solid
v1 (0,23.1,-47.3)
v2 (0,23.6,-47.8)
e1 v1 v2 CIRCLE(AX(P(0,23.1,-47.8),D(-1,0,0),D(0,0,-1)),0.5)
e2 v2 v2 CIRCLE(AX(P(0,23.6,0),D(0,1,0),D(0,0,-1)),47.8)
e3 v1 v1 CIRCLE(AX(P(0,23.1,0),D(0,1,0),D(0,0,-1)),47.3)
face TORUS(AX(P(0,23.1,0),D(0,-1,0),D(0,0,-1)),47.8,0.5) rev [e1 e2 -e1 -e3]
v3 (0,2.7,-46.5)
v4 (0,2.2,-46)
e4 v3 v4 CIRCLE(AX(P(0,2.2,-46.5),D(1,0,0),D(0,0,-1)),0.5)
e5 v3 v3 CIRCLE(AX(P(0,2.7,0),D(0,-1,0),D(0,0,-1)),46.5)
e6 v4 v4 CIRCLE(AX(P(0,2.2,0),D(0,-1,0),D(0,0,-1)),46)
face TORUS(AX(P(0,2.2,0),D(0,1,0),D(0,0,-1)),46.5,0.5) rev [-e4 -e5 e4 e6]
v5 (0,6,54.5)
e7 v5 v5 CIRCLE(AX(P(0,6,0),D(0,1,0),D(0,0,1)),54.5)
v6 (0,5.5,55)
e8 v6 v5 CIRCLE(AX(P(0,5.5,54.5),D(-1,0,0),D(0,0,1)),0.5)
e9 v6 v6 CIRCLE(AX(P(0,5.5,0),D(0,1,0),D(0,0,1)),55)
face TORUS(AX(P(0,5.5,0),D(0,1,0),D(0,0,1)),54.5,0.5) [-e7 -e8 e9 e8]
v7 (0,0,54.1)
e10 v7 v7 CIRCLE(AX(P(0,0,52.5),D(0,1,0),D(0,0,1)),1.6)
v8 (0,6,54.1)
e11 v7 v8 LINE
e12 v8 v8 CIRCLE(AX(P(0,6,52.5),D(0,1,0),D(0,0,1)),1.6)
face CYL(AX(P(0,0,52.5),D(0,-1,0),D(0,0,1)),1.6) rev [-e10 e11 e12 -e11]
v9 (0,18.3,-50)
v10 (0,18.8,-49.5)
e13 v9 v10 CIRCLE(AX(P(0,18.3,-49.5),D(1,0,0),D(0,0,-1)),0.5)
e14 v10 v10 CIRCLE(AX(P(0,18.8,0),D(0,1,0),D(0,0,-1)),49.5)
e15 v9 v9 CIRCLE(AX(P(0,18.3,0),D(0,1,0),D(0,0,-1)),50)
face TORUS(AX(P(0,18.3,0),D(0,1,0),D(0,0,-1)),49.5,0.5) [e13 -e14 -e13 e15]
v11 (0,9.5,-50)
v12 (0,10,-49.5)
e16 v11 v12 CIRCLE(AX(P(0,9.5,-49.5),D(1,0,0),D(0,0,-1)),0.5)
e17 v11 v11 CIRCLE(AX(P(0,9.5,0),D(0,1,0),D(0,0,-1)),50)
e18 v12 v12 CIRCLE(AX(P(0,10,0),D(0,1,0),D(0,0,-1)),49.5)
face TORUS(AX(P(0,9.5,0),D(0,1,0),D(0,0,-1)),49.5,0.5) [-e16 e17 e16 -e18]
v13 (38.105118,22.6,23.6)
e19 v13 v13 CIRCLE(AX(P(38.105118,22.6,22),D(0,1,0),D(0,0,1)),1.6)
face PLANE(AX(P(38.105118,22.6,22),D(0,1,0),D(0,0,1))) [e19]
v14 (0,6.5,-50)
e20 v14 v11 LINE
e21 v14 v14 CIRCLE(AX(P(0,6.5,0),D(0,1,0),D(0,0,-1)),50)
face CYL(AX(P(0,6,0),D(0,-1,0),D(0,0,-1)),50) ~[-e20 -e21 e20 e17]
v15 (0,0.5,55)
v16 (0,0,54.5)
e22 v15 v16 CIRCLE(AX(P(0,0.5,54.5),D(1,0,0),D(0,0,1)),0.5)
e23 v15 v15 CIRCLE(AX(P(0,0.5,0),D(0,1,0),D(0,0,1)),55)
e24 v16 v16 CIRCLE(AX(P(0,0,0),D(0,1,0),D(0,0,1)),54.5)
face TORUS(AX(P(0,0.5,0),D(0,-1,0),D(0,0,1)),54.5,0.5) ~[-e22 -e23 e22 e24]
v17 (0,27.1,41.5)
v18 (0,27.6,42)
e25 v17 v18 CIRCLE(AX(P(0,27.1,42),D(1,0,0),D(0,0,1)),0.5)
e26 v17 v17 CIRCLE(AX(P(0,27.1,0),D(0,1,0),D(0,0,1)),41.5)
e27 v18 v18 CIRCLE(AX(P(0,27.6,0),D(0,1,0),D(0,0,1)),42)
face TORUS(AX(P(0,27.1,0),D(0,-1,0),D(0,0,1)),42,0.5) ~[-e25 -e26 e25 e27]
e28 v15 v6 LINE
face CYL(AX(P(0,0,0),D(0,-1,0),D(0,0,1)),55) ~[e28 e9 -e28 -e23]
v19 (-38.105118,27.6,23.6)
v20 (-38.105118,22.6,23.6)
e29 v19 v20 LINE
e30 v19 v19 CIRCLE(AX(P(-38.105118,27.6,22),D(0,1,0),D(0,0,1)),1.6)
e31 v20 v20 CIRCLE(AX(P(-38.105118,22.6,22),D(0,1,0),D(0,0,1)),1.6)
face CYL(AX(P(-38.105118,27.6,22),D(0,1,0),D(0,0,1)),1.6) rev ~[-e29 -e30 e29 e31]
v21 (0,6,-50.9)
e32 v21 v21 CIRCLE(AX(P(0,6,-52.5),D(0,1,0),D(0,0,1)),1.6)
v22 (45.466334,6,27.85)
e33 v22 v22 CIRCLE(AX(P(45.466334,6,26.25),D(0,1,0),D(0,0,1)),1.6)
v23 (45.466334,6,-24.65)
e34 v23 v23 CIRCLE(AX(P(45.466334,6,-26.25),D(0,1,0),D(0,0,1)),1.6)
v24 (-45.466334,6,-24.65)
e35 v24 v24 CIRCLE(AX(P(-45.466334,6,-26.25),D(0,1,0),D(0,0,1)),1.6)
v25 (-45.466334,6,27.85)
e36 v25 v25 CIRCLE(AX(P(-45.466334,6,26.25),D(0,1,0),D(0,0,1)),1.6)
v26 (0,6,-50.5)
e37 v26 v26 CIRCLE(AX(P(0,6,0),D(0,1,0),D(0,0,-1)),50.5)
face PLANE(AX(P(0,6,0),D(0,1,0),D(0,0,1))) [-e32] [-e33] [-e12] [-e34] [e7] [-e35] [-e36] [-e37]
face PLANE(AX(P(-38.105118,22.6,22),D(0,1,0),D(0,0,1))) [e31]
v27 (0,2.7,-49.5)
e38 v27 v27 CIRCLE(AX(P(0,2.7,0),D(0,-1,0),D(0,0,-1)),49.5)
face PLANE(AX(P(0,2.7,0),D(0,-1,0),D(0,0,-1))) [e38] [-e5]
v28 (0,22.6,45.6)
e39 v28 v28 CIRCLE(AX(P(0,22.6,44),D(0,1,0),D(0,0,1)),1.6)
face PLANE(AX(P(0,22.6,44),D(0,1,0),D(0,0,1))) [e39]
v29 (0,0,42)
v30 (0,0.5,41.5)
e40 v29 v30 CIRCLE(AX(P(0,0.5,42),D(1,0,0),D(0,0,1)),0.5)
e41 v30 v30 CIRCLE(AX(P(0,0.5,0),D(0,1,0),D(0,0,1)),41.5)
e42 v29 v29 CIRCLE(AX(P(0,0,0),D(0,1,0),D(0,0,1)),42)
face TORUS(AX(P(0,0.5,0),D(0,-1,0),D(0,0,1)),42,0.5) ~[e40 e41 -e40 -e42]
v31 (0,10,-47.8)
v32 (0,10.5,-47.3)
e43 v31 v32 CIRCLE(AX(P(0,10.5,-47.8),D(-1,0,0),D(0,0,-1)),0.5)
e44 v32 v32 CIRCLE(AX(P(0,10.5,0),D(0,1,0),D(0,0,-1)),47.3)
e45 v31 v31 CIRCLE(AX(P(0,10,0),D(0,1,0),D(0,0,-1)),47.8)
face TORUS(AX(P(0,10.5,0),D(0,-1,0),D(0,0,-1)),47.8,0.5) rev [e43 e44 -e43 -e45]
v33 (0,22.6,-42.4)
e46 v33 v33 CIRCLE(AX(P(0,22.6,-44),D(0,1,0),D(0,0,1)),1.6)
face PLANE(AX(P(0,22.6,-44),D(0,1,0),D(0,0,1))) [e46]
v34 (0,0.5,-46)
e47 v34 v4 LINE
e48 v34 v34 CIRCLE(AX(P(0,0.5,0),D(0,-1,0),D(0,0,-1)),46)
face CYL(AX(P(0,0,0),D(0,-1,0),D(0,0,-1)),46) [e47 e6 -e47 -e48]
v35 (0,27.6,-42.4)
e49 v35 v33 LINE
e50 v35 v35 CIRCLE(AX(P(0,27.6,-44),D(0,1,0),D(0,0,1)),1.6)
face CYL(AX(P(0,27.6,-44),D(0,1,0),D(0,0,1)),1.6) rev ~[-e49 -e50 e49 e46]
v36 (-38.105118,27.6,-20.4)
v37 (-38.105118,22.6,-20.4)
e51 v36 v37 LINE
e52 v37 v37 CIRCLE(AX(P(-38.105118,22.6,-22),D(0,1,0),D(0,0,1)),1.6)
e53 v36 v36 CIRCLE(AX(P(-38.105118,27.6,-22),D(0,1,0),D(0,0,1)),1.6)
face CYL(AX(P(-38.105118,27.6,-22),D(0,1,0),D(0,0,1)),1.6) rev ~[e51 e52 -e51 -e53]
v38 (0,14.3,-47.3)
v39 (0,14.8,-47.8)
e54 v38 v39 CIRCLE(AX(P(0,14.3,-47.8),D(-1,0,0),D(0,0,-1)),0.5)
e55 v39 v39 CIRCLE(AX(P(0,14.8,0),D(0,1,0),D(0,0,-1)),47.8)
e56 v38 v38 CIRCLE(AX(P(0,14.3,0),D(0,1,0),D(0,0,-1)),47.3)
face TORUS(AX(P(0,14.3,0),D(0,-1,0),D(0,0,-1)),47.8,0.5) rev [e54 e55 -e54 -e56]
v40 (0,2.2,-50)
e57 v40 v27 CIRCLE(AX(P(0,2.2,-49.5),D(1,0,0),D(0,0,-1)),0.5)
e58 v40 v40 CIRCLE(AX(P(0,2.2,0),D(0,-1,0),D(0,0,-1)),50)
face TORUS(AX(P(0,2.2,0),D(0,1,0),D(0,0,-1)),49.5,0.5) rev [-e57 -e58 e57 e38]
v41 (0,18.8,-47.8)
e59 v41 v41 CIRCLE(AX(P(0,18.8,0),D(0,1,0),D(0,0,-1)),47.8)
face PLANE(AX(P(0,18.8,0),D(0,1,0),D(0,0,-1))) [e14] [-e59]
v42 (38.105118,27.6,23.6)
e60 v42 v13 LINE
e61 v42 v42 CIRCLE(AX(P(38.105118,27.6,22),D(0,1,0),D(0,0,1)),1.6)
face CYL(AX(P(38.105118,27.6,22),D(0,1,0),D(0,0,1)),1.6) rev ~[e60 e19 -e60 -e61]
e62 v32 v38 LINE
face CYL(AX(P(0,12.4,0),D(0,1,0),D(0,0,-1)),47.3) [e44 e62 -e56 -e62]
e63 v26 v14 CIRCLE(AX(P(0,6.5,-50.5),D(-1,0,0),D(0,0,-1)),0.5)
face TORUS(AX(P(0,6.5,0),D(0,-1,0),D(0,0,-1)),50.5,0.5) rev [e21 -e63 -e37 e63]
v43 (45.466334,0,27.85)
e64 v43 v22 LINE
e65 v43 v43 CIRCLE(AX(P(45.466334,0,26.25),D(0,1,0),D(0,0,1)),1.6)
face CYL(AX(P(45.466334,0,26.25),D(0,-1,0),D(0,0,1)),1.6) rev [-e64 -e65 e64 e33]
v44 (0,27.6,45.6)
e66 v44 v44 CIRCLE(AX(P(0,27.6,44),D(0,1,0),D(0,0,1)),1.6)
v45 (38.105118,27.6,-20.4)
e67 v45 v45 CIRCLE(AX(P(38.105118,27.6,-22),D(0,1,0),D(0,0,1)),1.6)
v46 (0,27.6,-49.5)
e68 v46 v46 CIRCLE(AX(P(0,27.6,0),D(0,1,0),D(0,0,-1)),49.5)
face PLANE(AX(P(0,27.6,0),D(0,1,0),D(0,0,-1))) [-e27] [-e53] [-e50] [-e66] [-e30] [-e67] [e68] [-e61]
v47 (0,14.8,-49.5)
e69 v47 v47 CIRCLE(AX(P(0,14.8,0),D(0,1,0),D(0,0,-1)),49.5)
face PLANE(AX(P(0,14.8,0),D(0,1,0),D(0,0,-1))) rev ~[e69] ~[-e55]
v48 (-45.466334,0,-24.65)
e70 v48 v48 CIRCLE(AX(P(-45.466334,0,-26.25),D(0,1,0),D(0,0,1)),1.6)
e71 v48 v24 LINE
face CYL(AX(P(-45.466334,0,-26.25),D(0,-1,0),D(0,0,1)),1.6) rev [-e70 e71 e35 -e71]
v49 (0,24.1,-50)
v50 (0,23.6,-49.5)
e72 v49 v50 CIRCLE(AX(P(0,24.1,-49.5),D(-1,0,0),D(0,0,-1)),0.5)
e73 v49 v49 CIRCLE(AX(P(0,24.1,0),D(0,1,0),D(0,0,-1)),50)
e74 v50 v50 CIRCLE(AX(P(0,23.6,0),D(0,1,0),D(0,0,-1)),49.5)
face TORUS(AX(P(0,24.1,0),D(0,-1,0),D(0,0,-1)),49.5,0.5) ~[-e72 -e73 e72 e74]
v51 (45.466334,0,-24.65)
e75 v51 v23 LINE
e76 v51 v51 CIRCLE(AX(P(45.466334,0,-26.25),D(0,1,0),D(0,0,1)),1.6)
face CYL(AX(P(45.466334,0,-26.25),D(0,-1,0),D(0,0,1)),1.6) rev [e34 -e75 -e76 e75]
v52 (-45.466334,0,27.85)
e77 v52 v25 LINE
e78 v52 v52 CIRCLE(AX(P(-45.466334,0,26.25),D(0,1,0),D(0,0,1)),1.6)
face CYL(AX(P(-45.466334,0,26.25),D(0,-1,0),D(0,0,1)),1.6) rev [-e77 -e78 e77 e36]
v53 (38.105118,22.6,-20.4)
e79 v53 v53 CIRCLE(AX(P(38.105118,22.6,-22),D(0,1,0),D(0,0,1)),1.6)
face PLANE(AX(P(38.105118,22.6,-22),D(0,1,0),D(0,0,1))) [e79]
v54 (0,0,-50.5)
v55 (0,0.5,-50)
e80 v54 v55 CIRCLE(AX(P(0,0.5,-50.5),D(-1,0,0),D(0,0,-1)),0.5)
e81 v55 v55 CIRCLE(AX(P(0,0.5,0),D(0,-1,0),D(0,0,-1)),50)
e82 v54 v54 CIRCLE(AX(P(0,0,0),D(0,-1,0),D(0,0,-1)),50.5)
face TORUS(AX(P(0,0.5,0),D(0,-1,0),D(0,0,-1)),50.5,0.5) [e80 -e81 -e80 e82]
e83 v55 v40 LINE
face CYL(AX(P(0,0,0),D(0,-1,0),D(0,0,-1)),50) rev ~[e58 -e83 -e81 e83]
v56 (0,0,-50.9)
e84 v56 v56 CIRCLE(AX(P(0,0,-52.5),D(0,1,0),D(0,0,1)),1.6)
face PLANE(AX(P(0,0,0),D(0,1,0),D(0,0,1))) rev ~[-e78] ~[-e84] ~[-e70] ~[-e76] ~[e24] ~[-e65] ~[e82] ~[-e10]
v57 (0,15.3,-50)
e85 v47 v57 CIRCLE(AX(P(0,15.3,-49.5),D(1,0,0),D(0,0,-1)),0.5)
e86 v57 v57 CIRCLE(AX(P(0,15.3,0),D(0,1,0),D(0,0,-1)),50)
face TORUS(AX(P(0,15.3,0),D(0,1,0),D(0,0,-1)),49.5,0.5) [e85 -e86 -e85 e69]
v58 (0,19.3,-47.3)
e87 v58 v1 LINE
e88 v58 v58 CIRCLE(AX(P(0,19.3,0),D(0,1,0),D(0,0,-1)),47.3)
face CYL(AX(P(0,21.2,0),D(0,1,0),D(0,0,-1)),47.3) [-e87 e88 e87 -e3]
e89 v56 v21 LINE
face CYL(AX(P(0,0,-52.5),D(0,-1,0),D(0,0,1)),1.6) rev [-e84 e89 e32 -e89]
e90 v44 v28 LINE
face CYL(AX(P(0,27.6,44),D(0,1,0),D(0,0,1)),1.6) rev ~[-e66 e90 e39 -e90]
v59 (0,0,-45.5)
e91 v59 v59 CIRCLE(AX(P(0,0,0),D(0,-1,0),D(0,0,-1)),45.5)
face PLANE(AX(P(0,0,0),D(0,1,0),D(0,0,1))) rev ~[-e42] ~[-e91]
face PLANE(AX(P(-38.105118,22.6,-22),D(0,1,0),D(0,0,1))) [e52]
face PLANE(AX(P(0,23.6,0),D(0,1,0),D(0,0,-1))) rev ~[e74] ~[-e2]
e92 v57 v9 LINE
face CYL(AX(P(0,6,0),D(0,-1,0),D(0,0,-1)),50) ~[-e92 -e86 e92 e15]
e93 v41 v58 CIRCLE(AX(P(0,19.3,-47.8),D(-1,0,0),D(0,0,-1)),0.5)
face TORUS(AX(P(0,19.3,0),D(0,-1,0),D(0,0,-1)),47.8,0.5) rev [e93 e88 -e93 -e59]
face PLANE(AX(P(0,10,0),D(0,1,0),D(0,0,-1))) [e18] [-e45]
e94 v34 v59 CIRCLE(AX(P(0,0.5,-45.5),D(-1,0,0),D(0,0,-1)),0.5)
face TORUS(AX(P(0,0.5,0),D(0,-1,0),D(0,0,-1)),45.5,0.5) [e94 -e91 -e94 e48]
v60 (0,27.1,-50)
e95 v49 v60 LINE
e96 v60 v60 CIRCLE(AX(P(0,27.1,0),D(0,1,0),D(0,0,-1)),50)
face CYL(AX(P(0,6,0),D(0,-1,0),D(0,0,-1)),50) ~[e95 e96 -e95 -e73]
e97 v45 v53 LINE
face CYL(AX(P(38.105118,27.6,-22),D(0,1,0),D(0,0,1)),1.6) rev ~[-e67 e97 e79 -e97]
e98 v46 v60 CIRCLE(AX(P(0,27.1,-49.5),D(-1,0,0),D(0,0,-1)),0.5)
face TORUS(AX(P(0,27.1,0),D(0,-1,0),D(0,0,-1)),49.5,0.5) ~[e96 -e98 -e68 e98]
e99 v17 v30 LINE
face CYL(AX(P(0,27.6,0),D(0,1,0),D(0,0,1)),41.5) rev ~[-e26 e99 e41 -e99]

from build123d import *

# Parameters (mm, degrees)
SKETCH1_R           = 55
SKETCH1_R_2         = 1.6
BOSS_EXTRUDE1_DEPTH = 6
SKETCH2_R           = 50
BOSS_EXTRUDE2_DEPTH = 21.6
SKETCH3_R           = 41.5
CUT_EXTRUDE1_DEPTH  = 83.533387184
SKETCH5_R           = 1.6
CUT_EXTRUDE2_DEPTH  = 5
SKETCH6_R           = 50
SKETCH6_R_2         = 46
CUT_EXTRUDE3_DEPTH  = 2.7
SKETCH7_W           = 2.7
SKETCH7_H           = 4.8
FILLET1_R           = 0.5


with BuildPart() as part:
    # Sketch1 → Boss-Extrude1 (new body)
    with BuildSketch(Plane(origin=(0, 0, 0), x_dir=(1, 0, 0), z_dir=(0, 1, 0))):
        with Locations(Location((0, 0, 0), (0, 0, 270))):
            Circle(SKETCH1_R)
        with Locations(Location((0, 52.5, 0), (0, 0, 270))):
            Circle(SKETCH1_R_2, mode=Mode.SUBTRACT)
        with Locations(Location((45.466333699, 26.25, 0), (0, 0, 270))):
            Circle(SKETCH1_R_2, mode=Mode.SUBTRACT)
        with Locations(Location((45.466333699, -26.25, 0), (0, 0, 270))):
            Circle(SKETCH1_R_2, mode=Mode.SUBTRACT)
        with Locations(Location((0, -52.5, 0), (0, 0, 270))):
            Circle(SKETCH1_R_2, mode=Mode.SUBTRACT)
        with Locations(Location((-45.466333699, -26.25, 0), (0, 0, 270))):
            Circle(SKETCH1_R_2, mode=Mode.SUBTRACT)
        with Locations(Location((-45.466333699, 26.25, 0), (0, 0, 270))):
            Circle(SKETCH1_R_2, mode=Mode.SUBTRACT)
    extrude(amount=BOSS_EXTRUDE1_DEPTH)

    # Sketch2 → Boss-Extrude2 (add)
    with BuildSketch(Plane(origin=(0, 6, 0), x_dir=(1, 0, 0), z_dir=(0, 1, 0))):
        with Locations(Location((0, 0, 0), (0, 0, 90))):
            Circle(SKETCH2_R)
    extrude(amount=BOSS_EXTRUDE2_DEPTH)

    # Sketch3 → Cut-Extrude1 (cut, through all)
    with BuildSketch(Plane(origin=(0, 27.6, 0), x_dir=(1, 0, 0), z_dir=(0, 1, 0))):
        with Locations(Location((0, 0, 0), (0, 0, 270))):
            Circle(SKETCH3_R)
    extrude(amount=-CUT_EXTRUDE1_DEPTH, mode=Mode.SUBTRACT)

    # Sketch5 → Cut-Extrude2 (cut)
    with BuildSketch(Plane(origin=(0, 27.6, 0), x_dir=(1, 0, 0), z_dir=(0, 1, 0))):
        with Locations(Location((0, 44, 0), (0, 0, 270))):
            Circle(SKETCH5_R)
        with Locations(Location((38.105117767, 22, 0), (0, 0, 270))):
            Circle(SKETCH5_R)
        with Locations(Location((38.105117767, -22, 0), (0, 0, 270))):
            Circle(SKETCH5_R)
        with Locations(Location((0, -44, 0), (0, 0, 270))):
            Circle(SKETCH5_R)
        with Locations(Location((-38.105117767, -22, 0), (0, 0, 270))):
            Circle(SKETCH5_R)
        with Locations(Location((-38.105117767, 22, 0), (0, 0, 270))):
            Circle(SKETCH5_R)
    extrude(amount=-CUT_EXTRUDE2_DEPTH, mode=Mode.SUBTRACT)

    # Sketch6 → Cut-Extrude3 (cut)
    with BuildSketch(Plane.XZ):
        with Locations(Location((0, 0, 0), (0, 0, 270))):
            Circle(SKETCH6_R)
        with Locations(Location((0, 0, 0), (0, 0, 270))):
            Circle(SKETCH6_R_2, mode=Mode.SUBTRACT)
    extrude(amount=-CUT_EXTRUDE3_DEPTH, mode=Mode.SUBTRACT)

    # Sketch7 → Cut-Revolve1 (revolve, cut)
    with BuildSketch(Plane(origin=(0, 0, 0), x_dir=(0, 0, -1), z_dir=(1, 0, 0)), mode=Mode.PRIVATE) as cut_revolve1_sk:
        with Locations((-48.65, 21.2)):
            Rectangle(SKETCH7_W, SKETCH7_H)
        with Locations((-48.65, 12.4)):
            Rectangle(SKETCH7_W, SKETCH7_H)
    revolve(cut_revolve1_sk.sketch.rotate(Axis((0, 0, 0), (0, 1, 0)), 180), axis=Axis((0, 0, 0), (0, 1, 0)), mode=Mode.SUBTRACT)

    # Fillet1
    fillet1_edges = [part.edges().sort_by_distance(p)[0] for p in [
        (0, 0, -55),
        (0, 6, 50),
        (0, 27.6, 50),
        (0, 0, -41.5),
        (0, 27.6, -41.5),
        (0, 6, -55),
        (0, 2.7, 50),
        (0, 2.7, 46),
        (0, 0, 50),
        (0, 0, 46),
        (0, 23.6, 50),
        (0, 18.8, 50),
        (0, 18.8, 47.3),
        (0, 23.6, 47.3),
        (0, 14.8, 50),
        (0, 10, 50),
        (0, 10, 47.3),
        (0, 14.8, 47.3),
    ]]
    fillet(fillet1_edges, radius=FILLET1_R)


solid = part.part
